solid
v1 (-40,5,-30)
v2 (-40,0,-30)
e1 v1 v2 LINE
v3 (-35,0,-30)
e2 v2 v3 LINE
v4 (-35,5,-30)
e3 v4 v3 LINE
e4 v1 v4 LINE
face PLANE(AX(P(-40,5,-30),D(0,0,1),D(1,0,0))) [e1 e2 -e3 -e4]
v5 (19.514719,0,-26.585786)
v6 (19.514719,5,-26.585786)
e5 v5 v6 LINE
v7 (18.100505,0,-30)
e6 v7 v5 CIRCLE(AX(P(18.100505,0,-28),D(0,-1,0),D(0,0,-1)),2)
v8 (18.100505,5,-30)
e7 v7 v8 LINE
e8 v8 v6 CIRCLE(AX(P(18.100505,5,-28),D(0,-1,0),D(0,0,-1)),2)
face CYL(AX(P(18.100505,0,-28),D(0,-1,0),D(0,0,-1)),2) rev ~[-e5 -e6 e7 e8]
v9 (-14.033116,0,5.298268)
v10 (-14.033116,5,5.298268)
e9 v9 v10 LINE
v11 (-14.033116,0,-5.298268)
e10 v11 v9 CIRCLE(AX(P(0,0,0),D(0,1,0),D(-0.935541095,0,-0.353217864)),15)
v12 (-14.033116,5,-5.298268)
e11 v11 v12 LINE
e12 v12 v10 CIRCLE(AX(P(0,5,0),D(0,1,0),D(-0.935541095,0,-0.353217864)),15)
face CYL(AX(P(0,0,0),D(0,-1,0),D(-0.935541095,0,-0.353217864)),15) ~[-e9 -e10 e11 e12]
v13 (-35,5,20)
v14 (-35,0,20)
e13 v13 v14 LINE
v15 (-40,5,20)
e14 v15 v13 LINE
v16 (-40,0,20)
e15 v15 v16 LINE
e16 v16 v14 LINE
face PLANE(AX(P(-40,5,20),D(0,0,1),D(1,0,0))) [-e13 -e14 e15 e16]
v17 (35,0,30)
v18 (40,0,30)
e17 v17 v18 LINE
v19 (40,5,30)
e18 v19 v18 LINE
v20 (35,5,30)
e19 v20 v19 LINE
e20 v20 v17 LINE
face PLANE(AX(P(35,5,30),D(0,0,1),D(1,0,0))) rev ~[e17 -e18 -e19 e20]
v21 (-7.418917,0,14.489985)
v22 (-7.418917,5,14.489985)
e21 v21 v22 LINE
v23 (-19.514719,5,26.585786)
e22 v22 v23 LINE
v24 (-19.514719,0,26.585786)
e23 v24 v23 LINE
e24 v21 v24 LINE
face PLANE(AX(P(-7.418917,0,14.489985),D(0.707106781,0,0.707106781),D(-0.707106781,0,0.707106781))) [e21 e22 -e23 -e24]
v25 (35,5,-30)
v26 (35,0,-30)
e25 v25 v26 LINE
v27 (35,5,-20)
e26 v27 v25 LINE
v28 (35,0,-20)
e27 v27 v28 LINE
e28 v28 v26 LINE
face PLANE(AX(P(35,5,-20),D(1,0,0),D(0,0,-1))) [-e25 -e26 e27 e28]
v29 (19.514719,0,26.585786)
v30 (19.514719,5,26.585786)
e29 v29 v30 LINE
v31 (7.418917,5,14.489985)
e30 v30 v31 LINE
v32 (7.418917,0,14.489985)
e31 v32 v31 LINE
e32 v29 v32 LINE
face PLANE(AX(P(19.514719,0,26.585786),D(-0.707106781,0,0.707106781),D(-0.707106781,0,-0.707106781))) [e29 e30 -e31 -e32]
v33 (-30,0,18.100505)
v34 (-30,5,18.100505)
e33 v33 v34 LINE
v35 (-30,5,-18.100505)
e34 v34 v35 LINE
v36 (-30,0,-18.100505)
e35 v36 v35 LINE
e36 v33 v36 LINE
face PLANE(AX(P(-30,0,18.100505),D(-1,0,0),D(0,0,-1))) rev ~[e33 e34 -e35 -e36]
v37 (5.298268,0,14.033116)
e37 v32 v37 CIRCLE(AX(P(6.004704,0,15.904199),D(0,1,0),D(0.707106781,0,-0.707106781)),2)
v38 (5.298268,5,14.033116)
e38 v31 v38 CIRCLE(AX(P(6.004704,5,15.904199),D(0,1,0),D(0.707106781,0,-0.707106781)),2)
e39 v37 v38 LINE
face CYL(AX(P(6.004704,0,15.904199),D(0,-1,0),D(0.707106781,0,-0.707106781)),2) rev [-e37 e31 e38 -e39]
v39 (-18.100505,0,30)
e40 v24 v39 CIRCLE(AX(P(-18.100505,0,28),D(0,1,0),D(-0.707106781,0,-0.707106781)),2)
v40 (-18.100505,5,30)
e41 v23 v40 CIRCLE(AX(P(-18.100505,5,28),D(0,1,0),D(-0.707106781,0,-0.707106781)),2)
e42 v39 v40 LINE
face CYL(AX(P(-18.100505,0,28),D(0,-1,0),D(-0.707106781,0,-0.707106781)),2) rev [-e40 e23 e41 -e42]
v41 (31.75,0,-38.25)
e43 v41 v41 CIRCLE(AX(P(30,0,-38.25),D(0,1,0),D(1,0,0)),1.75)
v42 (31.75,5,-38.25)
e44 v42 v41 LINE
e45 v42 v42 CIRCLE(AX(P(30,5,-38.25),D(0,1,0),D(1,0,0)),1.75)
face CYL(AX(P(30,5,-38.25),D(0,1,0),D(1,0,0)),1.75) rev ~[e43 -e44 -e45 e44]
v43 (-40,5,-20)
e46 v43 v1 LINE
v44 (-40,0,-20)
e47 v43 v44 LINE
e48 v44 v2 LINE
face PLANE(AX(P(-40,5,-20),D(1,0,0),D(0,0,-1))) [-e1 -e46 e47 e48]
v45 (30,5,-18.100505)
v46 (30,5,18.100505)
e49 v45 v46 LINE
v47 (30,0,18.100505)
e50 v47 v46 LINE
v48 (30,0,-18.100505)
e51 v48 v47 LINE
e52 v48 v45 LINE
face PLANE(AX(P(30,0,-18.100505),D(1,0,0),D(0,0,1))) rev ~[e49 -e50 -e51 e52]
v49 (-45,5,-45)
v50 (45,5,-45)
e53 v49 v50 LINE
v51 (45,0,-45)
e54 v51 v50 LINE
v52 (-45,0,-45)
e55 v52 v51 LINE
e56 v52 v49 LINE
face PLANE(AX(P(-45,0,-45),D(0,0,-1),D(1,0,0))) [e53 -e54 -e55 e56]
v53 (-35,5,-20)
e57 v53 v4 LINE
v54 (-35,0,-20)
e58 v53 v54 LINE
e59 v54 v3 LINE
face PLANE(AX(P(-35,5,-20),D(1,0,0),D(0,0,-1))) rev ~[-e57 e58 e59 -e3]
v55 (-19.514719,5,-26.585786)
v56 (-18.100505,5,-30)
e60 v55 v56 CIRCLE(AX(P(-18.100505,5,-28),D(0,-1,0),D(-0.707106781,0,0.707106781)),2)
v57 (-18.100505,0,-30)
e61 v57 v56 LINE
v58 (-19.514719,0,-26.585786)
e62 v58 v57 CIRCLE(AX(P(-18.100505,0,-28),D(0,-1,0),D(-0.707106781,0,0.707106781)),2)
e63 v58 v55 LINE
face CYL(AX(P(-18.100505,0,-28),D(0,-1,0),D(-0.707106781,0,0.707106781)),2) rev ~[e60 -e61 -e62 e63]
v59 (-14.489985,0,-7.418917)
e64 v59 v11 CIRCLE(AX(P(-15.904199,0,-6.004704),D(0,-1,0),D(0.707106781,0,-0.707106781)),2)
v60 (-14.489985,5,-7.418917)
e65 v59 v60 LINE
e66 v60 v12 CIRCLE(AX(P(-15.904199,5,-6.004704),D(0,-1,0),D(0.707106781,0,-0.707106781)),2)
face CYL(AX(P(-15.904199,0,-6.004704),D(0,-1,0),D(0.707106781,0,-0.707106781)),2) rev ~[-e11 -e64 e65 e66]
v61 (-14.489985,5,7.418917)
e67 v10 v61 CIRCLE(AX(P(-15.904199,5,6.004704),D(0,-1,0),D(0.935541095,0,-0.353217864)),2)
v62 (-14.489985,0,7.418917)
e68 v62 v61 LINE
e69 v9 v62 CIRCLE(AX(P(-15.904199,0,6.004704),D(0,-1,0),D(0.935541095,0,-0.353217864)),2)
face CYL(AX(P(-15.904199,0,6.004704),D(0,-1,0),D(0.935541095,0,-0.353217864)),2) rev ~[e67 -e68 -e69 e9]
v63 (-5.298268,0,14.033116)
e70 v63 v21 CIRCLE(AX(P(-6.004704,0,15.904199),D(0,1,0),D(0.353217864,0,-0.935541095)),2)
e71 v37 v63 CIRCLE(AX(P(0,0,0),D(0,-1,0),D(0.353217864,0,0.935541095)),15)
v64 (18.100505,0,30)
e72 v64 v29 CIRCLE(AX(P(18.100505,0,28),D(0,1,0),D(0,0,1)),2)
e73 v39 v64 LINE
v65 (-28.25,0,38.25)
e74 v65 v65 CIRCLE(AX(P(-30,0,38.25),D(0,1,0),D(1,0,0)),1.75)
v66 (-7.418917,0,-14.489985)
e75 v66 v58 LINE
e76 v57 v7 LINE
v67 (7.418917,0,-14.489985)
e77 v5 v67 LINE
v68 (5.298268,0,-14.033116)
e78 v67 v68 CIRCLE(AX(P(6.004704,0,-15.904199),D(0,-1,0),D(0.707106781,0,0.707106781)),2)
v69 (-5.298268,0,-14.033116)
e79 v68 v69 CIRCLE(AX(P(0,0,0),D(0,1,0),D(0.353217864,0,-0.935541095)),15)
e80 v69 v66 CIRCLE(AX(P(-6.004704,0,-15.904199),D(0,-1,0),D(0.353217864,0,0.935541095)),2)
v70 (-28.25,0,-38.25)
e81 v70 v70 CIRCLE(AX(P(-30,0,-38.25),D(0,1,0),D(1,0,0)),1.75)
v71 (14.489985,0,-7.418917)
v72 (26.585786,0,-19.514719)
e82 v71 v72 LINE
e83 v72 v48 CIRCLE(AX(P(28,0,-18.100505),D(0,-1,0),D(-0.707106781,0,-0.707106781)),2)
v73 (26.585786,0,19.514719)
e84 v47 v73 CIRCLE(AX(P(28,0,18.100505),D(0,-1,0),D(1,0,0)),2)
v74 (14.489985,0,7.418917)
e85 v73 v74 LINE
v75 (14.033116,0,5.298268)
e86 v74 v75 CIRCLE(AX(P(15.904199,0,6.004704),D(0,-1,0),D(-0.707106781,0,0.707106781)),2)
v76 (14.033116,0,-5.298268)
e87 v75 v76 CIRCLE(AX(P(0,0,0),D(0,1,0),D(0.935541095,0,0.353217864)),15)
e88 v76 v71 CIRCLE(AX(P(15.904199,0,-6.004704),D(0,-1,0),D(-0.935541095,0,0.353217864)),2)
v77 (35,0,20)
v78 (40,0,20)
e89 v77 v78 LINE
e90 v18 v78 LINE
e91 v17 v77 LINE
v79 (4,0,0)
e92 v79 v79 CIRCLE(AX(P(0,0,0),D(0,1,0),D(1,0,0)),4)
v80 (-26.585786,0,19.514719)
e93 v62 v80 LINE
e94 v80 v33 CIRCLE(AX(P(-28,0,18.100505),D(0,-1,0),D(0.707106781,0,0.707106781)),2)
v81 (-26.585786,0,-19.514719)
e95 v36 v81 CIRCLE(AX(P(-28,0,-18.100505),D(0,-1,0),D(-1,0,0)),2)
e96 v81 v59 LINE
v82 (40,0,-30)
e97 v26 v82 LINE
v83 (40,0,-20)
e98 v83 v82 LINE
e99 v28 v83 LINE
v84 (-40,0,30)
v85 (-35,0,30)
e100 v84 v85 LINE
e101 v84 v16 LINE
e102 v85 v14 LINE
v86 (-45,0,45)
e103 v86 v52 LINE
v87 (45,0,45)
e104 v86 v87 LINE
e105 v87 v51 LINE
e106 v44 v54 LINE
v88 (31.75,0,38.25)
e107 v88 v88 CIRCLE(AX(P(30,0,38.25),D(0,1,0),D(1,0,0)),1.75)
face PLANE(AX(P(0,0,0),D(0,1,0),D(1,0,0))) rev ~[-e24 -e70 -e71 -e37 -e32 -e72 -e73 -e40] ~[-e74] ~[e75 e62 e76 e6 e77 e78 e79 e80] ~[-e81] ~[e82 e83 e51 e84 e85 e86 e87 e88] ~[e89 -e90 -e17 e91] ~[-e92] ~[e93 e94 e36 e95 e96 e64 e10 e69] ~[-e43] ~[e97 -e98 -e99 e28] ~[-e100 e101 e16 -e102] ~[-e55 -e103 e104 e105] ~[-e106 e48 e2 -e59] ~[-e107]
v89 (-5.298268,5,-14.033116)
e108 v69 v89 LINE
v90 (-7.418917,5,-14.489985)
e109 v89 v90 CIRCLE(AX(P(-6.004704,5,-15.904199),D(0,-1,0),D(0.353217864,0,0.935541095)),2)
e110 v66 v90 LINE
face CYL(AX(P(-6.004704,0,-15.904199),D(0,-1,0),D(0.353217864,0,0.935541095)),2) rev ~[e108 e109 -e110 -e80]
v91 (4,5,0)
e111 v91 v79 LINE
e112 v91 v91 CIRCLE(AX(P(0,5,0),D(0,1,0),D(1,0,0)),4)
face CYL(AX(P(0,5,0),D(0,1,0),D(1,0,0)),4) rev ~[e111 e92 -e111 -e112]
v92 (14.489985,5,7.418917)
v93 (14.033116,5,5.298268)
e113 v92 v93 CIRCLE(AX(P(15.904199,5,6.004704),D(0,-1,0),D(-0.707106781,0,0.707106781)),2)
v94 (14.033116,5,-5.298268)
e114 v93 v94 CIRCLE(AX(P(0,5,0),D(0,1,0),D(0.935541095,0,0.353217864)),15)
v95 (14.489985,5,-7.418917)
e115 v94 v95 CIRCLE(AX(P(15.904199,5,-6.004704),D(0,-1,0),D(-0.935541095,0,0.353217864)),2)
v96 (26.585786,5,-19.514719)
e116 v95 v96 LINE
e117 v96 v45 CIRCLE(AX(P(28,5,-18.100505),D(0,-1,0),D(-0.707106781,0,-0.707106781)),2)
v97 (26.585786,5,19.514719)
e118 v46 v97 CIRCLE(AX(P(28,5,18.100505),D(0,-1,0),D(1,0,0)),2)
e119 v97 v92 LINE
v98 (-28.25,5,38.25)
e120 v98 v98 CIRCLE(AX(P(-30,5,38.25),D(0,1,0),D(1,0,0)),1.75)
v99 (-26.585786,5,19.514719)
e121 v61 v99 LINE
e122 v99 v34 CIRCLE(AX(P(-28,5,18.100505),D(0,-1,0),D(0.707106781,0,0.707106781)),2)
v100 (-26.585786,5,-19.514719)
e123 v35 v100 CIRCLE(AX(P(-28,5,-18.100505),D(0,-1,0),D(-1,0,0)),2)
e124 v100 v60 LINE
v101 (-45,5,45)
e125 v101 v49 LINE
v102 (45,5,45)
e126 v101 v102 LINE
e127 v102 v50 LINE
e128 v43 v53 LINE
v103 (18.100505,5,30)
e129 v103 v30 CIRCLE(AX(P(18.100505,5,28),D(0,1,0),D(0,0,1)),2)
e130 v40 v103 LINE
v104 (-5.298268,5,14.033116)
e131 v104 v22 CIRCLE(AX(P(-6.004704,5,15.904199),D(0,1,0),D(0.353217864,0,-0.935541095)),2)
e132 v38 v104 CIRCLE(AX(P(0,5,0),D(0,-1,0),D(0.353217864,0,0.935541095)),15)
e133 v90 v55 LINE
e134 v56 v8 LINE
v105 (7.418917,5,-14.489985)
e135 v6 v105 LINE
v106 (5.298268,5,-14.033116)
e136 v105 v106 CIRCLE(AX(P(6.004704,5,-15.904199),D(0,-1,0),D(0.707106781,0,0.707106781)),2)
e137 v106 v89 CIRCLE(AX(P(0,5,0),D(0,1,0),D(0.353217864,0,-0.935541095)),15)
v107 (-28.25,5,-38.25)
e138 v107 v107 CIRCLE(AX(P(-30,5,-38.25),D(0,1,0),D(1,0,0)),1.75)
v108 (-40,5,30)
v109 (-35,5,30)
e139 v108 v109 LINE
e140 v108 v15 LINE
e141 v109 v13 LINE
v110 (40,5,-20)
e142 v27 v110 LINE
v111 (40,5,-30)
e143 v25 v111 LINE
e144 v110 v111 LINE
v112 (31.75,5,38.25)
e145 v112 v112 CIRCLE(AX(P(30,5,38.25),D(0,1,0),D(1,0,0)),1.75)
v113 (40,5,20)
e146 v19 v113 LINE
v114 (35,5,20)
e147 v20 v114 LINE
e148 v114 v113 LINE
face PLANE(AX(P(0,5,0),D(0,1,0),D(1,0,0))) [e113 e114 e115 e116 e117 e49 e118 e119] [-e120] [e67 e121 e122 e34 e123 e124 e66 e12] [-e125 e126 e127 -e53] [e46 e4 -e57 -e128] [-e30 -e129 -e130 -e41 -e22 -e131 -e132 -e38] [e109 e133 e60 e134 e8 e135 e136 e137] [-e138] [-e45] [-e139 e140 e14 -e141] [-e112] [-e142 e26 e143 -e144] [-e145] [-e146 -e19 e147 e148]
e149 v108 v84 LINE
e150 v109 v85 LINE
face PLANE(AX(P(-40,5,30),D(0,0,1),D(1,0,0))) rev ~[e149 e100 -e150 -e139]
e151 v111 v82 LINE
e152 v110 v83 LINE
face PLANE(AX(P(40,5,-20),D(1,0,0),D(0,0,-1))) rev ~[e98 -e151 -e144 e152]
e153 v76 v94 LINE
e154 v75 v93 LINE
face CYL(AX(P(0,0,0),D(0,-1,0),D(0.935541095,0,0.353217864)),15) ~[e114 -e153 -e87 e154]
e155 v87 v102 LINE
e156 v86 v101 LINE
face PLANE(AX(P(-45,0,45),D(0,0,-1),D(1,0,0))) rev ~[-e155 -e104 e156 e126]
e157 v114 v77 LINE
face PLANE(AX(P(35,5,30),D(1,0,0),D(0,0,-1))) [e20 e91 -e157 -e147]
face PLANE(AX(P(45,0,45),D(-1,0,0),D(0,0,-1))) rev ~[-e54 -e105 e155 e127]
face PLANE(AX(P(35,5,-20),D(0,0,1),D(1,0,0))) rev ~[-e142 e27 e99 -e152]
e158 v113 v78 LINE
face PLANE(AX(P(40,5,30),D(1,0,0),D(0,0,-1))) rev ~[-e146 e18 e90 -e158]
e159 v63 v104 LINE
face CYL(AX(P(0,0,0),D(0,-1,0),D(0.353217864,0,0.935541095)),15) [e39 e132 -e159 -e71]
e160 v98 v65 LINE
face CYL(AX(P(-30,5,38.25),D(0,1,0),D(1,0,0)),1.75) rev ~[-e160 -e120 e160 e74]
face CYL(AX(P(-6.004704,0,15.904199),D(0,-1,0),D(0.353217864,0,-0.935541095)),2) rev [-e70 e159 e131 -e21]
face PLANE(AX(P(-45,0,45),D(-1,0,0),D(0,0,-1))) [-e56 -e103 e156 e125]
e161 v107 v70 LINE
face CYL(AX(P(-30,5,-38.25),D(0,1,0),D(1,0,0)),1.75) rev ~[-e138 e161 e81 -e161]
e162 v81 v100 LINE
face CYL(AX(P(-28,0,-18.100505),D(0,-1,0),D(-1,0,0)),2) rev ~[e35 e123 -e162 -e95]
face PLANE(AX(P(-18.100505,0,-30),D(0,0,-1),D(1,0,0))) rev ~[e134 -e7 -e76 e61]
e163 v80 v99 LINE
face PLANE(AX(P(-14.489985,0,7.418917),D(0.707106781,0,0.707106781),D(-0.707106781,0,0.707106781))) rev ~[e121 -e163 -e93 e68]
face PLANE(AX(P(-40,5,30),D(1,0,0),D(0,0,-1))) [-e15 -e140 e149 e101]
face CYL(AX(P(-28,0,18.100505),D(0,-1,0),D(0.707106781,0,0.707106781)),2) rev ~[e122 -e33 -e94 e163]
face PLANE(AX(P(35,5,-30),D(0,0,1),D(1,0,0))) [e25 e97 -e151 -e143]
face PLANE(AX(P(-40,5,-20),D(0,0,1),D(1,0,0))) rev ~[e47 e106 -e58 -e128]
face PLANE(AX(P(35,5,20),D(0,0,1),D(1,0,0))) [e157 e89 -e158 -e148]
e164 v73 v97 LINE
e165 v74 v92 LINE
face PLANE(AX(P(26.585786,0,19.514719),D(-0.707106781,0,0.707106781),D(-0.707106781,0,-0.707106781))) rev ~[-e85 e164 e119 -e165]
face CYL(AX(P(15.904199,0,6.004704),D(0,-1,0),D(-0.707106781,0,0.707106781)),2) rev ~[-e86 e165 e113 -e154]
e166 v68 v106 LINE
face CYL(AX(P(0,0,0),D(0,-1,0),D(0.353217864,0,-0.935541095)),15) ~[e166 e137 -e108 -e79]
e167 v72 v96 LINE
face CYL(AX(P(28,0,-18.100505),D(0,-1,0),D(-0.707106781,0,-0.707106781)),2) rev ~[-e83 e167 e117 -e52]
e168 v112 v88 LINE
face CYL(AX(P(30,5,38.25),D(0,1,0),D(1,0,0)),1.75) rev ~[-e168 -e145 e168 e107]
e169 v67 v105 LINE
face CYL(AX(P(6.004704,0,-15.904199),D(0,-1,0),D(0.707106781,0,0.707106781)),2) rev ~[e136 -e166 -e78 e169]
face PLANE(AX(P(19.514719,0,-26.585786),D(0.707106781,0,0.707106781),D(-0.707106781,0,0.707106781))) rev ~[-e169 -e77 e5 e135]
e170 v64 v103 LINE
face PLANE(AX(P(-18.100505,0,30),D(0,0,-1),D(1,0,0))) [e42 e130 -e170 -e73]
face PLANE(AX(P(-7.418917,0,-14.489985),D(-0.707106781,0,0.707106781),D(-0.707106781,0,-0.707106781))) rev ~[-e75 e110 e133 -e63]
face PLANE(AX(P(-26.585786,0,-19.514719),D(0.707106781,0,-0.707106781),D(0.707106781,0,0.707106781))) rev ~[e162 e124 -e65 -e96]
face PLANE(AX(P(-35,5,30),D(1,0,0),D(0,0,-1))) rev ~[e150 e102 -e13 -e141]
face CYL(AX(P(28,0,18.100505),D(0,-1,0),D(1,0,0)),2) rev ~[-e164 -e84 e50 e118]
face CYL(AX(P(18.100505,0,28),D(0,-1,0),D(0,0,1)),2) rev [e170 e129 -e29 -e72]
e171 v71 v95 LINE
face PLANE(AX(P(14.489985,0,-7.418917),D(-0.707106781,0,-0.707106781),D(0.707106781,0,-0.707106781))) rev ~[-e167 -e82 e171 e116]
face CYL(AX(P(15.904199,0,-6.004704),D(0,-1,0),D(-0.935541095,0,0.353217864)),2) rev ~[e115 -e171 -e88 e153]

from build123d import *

# Parameters (mm, degrees)
SKETCH1_W               = 90
SKETCH1_H               = 90
SKETCH1_R               = 3.501345848
BOSS_EXTRUDE1_DEPTH     = 5
SKETCH2_R               = 1.75
SKETCH2_W               = 5
SKETCH2_H               = 10
CUT_EXTRUDE1_DEPTH      = 1
CUT_EXTRUDE1_DEPTH_BACK = 6
SKETCH3_R               = 4
CUT_EXTRUDE2_DEPTH      = 10


with BuildPart() as part:
    # Sketch1 → Boss-Extrude1 (new body)
    with BuildSketch(Plane(origin=(0, 0, 0), x_dir=(1, 0, 0), z_dir=(0, 1, 0))):
        Rectangle(SKETCH1_W, SKETCH1_H)
        Circle(SKETCH1_R, mode=Mode.SUBTRACT)
        with BuildLine():
            Line((-26.585786438, 19.514718626), (-14.489985056, 7.418917244))
            ThreePointArc((-14.489985056, 7.418917244), (-13.949056578, 6.425915745), (-14.033116428, 5.298267955))
            ThreePointArc((-14.033116428, 5.298267955), (-15, 0), (-14.033116428, -5.298267955))
            ThreePointArc((-14.033116428, -5.298267955), (-13.949056578, -6.425915745), (-14.489985056, -7.418917244))
            Line((-14.489985056, -7.418917244), (-26.585786438, -19.514718626))
            ThreePointArc((-26.585786438, -19.514718626), (-28.765366865, -19.948264128), (-30, -18.100505063))
            Line((-30, -18.100505063), (-30, 18.100505063))
            ThreePointArc((-30, 18.100505063), (-28.765366865, 19.948264128), (-26.585786438, 19.514718626))
        make_face(mode=Mode.SUBTRACT)
        with BuildLine():
            Line((-18.100505063, 30), (18.100505063, 30))
            ThreePointArc((18.100505063, 30), (19.948264128, 28.765366865), (19.514718626, 26.585786438))
            Line((19.514718626, 26.585786438), (7.418917244, 14.489985056))
            ThreePointArc((7.418917244, 14.489985056), (6.425915745, 13.949056578), (5.298267955, 14.033116428))
            ThreePointArc((5.298267955, 14.033116428), (0, 15), (-5.298267955, 14.033116428))
            ThreePointArc((-5.298267955, 14.033116428), (-6.425915745, 13.949056578), (-7.418917244, 14.489985056))
            Line((-7.418917244, 14.489985056), (-19.514718626, 26.585786438))
            ThreePointArc((-19.514718626, 26.585786438), (-19.948264128, 28.765366865), (-18.100505063, 30))
        make_face(mode=Mode.SUBTRACT)
        with BuildLine():
            Line((30, 18.100505063), (30, -18.100505063))
            ThreePointArc((30, -18.100505063), (28.765366865, -19.948264128), (26.585786438, -19.514718626))
            Line((26.585786438, -19.514718626), (14.489985056, -7.418917244))
            ThreePointArc((14.489985056, -7.418917244), (13.949056578, -6.425915745), (14.033116428, -5.298267955))
            ThreePointArc((14.033116428, -5.298267955), (15, 0), (14.033116428, 5.298267955))
            ThreePointArc((14.033116428, 5.298267955), (13.949056578, 6.425915745), (14.489985056, 7.418917244))
            Line((14.489985056, 7.418917244), (26.585786438, 19.514718626))
            ThreePointArc((26.585786438, 19.514718626), (28.765366865, 19.948264128), (30, 18.100505063))
        make_face(mode=Mode.SUBTRACT)
        with BuildLine():
            Line((19.514718626, -26.585786438), (7.418917244, -14.489985056))
            ThreePointArc((7.418917244, -14.489985056), (6.425915745, -13.949056578), (5.298267955, -14.033116428))
            ThreePointArc((5.298267955, -14.033116428), (0, -15), (-5.298267955, -14.033116428))
            ThreePointArc((-5.298267955, -14.033116428), (-6.425915745, -13.949056578), (-7.418917244, -14.489985056))
            Line((-7.418917244, -14.489985056), (-19.514718626, -26.585786438))
            ThreePointArc((-19.514718626, -26.585786438), (-19.948264128, -28.765366865), (-18.100505063, -30))
            Line((-18.100505063, -30), (18.100505063, -30))
            ThreePointArc((18.100505063, -30), (19.948264128, -28.765366865), (19.514718626, -26.585786438))
        make_face(mode=Mode.SUBTRACT)
    extrude(amount=BOSS_EXTRUDE1_DEPTH)

    # Sketch2 → Cut-Extrude1 (cut, two sides)
    with BuildSketch(Plane(origin=(0, 5, 0), x_dir=(1, 0, 0), z_dir=(0, 1, 0))) as cut_extrude1_sk:
        with Locations((-30, -38.25)):
            Circle(SKETCH2_R)
        with Locations((30, -38.25)):
            Circle(SKETCH2_R)
        with Locations((30, 38.25)):
            Circle(SKETCH2_R)
        with Locations((-30, 38.25)):
            Circle(SKETCH2_R)
        with Locations((37.5, 25)):
            Rectangle(SKETCH2_W, SKETCH2_H)
        with Locations((37.5, -25)):
            Rectangle(SKETCH2_W, SKETCH2_H)
        with Locations((-37.5, -25)):
            Rectangle(SKETCH2_W, SKETCH2_H)
        with Locations((-37.5, 25)):
            Rectangle(SKETCH2_W, SKETCH2_H)
    extrude(amount=CUT_EXTRUDE1_DEPTH, mode=Mode.SUBTRACT)
    extrude(cut_extrude1_sk.sketch, amount=-CUT_EXTRUDE1_DEPTH_BACK, mode=Mode.SUBTRACT)

    # Sketch3 → Cut-Extrude2 (cut)
    with BuildSketch(Plane(origin=(0, 5, 0), x_dir=(1, 0, 0), z_dir=(0, 1, 0))):
        Circle(SKETCH3_R)
    extrude(amount=-CUT_EXTRUDE2_DEPTH, mode=Mode.SUBTRACT)


solid = part.part
